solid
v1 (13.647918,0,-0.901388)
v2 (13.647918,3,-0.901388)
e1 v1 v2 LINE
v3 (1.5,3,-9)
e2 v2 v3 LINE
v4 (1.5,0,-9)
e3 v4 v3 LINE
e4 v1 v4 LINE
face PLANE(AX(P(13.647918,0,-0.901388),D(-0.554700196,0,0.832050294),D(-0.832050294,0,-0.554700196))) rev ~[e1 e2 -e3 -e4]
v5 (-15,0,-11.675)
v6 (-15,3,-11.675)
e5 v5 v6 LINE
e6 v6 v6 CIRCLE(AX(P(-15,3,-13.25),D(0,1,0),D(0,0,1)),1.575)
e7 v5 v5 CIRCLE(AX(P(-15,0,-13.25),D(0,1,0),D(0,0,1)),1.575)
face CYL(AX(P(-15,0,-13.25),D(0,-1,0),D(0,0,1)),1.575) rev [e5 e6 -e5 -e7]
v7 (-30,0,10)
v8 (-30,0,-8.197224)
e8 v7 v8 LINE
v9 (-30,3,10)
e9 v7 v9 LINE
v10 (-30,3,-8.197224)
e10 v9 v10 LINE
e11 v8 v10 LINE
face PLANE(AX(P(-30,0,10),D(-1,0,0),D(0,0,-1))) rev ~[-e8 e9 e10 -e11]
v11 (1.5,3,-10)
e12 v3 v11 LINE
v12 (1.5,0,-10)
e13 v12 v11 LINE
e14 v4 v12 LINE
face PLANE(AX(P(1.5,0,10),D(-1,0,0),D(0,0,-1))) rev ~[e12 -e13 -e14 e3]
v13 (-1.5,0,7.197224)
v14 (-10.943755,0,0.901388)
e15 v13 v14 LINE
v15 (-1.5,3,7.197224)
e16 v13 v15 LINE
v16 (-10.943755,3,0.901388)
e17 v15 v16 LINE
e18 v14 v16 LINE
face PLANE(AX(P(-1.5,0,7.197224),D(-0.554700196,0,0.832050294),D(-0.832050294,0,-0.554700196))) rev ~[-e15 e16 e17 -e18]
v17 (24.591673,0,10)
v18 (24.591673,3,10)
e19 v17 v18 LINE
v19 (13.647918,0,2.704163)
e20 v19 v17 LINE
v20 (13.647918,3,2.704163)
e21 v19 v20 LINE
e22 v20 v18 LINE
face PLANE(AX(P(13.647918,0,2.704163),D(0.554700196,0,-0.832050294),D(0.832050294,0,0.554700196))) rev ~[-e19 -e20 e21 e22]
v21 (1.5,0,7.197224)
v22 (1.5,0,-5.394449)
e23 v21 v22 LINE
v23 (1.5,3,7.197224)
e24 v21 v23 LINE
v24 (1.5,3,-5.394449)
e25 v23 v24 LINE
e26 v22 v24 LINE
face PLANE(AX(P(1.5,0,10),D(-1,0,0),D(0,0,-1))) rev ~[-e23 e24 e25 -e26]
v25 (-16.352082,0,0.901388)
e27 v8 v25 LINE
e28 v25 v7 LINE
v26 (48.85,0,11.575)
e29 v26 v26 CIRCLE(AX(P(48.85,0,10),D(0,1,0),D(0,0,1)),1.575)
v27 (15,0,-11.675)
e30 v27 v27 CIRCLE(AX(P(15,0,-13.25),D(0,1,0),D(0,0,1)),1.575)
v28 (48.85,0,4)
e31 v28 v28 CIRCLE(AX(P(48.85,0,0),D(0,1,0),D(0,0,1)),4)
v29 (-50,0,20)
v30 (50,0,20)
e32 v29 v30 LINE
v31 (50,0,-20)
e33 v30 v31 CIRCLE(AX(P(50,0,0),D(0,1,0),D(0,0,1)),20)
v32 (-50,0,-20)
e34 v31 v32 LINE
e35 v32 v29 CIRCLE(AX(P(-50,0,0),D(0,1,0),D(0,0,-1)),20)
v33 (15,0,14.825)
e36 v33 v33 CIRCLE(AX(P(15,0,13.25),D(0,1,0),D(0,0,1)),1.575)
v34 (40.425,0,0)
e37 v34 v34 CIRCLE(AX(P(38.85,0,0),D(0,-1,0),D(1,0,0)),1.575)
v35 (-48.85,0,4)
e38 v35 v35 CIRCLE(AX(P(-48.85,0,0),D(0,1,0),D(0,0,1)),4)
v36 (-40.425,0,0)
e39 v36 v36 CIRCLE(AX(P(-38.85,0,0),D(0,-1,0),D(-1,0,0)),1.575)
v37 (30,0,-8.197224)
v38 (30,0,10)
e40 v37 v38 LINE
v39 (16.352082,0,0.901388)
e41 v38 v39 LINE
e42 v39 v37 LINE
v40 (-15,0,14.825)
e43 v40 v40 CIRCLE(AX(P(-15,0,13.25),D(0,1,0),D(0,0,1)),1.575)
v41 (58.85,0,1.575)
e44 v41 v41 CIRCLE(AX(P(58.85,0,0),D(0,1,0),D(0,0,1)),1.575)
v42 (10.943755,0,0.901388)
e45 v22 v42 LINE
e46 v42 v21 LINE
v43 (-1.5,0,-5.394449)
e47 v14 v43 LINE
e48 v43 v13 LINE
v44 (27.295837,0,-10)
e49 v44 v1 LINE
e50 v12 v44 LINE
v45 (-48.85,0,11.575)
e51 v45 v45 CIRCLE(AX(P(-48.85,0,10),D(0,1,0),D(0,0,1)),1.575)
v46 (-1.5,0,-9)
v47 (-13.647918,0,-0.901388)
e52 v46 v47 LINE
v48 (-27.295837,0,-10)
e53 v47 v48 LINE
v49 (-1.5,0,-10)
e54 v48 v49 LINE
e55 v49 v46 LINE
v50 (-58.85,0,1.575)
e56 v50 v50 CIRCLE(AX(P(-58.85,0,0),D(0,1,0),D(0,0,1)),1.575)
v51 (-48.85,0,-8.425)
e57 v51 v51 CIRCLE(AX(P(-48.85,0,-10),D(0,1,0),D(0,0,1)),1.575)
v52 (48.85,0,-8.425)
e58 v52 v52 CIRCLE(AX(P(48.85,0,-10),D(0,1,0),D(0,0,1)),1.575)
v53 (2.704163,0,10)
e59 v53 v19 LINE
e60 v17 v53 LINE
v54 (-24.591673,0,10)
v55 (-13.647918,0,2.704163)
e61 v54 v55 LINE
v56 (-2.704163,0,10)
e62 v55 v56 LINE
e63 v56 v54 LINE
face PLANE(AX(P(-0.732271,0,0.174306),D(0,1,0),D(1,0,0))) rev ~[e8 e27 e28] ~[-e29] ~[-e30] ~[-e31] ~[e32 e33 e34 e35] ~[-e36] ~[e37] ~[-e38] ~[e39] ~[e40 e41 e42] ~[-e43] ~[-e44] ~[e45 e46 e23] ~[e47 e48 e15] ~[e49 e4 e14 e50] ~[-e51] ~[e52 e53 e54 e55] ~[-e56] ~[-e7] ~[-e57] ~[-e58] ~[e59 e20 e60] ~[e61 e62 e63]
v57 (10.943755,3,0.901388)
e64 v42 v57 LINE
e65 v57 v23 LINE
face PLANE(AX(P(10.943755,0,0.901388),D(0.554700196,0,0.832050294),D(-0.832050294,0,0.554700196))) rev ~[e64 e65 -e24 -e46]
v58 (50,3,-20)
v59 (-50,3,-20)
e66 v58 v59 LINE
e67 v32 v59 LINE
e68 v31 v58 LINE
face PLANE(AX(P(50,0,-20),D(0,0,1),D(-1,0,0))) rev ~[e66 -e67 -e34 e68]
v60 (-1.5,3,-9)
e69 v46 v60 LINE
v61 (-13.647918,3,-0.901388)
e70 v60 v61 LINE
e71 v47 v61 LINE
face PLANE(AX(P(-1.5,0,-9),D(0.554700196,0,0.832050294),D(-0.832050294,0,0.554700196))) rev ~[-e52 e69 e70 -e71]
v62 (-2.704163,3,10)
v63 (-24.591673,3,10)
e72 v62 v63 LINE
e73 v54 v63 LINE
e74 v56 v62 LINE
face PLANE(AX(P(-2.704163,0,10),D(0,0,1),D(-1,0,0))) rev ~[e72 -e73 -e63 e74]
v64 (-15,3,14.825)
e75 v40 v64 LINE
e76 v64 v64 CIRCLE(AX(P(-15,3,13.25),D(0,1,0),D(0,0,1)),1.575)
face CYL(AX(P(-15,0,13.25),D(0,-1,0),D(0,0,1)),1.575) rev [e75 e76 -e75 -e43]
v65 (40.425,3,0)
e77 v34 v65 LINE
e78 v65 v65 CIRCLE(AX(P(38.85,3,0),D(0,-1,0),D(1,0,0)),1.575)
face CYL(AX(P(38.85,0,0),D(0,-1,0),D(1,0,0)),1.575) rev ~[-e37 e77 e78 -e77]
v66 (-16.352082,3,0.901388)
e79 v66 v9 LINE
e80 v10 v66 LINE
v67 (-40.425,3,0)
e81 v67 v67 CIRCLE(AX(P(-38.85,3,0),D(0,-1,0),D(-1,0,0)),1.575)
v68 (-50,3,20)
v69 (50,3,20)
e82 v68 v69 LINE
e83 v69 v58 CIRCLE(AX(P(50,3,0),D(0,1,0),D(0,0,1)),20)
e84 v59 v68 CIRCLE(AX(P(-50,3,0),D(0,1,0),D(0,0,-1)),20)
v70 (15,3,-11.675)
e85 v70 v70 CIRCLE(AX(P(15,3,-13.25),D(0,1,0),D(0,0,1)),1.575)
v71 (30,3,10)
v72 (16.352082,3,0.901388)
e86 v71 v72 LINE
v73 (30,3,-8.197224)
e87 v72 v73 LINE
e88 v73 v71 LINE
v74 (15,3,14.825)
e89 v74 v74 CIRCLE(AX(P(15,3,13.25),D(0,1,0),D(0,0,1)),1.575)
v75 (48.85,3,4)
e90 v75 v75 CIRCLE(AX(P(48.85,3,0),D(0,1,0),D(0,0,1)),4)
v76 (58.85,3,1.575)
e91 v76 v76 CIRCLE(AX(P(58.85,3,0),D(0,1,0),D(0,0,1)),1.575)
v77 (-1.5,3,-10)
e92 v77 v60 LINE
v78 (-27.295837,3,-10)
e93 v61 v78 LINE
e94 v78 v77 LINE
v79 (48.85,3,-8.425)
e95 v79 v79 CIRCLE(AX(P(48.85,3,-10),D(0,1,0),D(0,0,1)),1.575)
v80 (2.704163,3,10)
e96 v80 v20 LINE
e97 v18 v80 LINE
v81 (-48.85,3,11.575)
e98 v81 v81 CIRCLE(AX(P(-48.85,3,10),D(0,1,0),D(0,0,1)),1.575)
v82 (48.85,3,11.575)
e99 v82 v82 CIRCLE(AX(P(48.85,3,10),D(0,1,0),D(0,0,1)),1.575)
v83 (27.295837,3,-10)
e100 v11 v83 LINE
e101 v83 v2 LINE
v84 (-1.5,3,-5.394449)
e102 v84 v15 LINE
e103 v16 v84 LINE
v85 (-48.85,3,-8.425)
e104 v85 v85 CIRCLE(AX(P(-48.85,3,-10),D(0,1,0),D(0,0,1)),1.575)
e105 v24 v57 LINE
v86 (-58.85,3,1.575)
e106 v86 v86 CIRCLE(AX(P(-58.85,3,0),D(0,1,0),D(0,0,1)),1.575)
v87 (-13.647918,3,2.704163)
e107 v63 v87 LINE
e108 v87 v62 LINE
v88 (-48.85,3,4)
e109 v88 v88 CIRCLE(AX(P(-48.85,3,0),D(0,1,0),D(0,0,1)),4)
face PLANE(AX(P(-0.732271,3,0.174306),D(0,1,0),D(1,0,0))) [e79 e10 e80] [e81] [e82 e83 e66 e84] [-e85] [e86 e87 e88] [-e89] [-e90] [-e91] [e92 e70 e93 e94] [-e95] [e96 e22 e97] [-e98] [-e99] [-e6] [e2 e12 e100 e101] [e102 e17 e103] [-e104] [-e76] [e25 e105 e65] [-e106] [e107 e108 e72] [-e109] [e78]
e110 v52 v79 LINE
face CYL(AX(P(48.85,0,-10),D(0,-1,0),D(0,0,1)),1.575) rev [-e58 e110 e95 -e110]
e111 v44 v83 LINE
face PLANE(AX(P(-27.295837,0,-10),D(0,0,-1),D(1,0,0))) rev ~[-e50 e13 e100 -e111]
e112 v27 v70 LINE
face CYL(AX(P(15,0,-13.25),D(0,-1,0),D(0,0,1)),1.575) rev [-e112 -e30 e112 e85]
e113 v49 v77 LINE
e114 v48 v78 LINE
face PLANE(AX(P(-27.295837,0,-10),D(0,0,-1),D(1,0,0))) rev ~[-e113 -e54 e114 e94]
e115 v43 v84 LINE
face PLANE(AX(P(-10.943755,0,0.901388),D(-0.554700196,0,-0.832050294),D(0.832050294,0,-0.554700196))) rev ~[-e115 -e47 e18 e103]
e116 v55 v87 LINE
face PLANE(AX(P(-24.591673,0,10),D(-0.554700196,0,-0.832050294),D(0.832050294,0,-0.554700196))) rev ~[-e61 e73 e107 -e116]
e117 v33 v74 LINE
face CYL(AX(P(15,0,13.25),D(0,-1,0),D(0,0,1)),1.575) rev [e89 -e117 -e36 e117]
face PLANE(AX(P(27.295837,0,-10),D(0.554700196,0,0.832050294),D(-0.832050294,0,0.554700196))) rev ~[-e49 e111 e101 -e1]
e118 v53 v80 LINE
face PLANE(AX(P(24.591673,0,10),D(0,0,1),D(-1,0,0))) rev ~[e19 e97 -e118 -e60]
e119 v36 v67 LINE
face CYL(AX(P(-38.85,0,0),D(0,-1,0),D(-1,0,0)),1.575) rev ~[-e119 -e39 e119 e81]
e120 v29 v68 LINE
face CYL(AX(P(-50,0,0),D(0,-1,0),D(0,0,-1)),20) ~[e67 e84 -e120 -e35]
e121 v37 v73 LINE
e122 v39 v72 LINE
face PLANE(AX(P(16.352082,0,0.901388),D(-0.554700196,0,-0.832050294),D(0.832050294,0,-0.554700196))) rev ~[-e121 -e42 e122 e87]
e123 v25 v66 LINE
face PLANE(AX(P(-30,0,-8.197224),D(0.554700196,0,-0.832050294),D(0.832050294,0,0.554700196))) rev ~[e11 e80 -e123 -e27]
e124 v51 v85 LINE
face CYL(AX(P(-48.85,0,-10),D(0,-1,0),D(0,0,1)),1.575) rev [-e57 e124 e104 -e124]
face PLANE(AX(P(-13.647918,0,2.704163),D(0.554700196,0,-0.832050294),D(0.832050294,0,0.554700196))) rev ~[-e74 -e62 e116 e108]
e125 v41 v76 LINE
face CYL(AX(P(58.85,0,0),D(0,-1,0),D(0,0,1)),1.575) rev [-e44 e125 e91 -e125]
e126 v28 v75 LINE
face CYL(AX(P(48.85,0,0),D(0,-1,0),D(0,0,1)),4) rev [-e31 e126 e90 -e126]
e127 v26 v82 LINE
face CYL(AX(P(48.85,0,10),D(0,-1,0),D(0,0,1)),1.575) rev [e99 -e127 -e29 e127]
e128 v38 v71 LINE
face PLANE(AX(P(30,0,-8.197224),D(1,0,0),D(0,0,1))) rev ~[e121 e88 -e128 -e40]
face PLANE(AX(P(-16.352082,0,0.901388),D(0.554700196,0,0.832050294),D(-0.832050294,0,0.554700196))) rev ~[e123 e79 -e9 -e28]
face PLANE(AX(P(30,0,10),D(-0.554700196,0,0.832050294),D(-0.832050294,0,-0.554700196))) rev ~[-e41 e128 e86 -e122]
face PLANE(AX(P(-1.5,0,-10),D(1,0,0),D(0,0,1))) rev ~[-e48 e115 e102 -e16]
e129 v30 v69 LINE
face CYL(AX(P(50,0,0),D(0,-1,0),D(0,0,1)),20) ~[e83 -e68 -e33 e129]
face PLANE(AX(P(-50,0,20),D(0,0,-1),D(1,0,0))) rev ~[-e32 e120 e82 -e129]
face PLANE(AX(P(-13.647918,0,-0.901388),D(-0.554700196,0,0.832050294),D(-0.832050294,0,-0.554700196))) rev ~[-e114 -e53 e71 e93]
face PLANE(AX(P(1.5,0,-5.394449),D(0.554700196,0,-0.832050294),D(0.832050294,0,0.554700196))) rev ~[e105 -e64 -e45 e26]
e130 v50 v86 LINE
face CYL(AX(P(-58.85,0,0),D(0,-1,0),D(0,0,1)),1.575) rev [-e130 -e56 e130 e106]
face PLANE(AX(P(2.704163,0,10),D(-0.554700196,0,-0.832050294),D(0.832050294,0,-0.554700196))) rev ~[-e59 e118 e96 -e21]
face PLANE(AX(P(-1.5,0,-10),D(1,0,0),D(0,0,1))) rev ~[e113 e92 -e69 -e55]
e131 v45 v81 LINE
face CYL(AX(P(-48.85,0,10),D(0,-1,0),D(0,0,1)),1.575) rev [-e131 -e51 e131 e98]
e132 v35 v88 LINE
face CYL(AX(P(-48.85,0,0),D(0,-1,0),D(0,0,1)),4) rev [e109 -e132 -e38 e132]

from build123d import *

# Parameters (mm, degrees)
SKETCH1_R           = 1.575
SKETCH1_R_2         = 4
BOSS_EXTRUDE1_DEPTH = 3
BOSS_EXTRUDE2_DEPTH = 3


with BuildPart() as part:
    # Sketch1 → Boss-Extrude1 (new body)
    with BuildSketch(Plane(origin=(0, 0, 0), x_dir=(1, 0, 0), z_dir=(0, 1, 0))):
        with BuildLine():
            Line((-15, 20), (-50, 20))
            ThreePointArc((-50, 20), (-70, 0), (-50, -20))
            Line((-50, -20), (50, -20))
            ThreePointArc((50, -20), (70, 0), (50, 20))
            Line((50, 20), (-15, 20))
        make_face()
        with Locations(Location((-48.85, -10, 0), (0, 0, 270))):
            Circle(SKETCH1_R, mode=Mode.SUBTRACT)
        with Locations(Location((-15, -13.25, 0), (0, 0, 270))):
            Circle(SKETCH1_R, mode=Mode.SUBTRACT)
        with BuildLine():
            ThreePointArc((-37.275, 0), (-38.85, -1.575), (-40.425, 0))
            ThreePointArc((-40.425, 0), (-38.85, 1.575), (-37.275, 0))
        make_face(mode=Mode.SUBTRACT)
        Polygon((-2.704163457, -10), (-24.591673087, -10), (-13.647918272, -2.704163457), align=None, mode=Mode.SUBTRACT)
        Polygon((-30, -10), (-30, 8.197224362), (-16.352081728, -0.901387819), align=None, mode=Mode.SUBTRACT)
        Polygon((-27.295836543, 10), (27.295836543, 10), (13.647918272, 0.901387819), (1.5, 9), (1.5, 5.394448725), (10.943754815, -0.901387819), (1.5, -7.197224362), (1.5, -10), (-1.5, -10), (-1.5, -7.197224362), (-10.943754815, -0.901387819), (-1.5, 5.394448725), (-1.5, 9), (-13.647918272, 0.901387819), align=None, mode=Mode.SUBTRACT)
        with Locations(Location((15, -13.25, 0), (0, 0, 270))):
            Circle(SKETCH1_R, mode=Mode.SUBTRACT)
        with Locations(Location((48.85, -10, 0), (0, 0, 270))):
            Circle(SKETCH1_R, mode=Mode.SUBTRACT)
        Polygon((24.591673087, -10), (2.704163457, -10), (13.647918272, -2.704163457), align=None, mode=Mode.SUBTRACT)
        Polygon((30, 8.197224362), (30, -10), (16.352081728, -0.901387819), align=None, mode=Mode.SUBTRACT)
        with Locations(Location((58.85, 0, 0), (0, 0, 270))):
            Circle(SKETCH1_R, mode=Mode.SUBTRACT)
        with Locations(Location((-58.85, 0, 0), (0, 0, 270))):
            Circle(SKETCH1_R, mode=Mode.SUBTRACT)
        with Locations(Location((-48.85, 0, 0), (0, 0, 270))):
            Circle(SKETCH1_R_2, mode=Mode.SUBTRACT)
        with Locations(Location((-48.85, 10, 0), (0, 0, 270))):
            Circle(SKETCH1_R, mode=Mode.SUBTRACT)
        with Locations(Location((-15, 13.25, 0), (0, 0, 270))):
            Circle(SKETCH1_R, mode=Mode.SUBTRACT)
        with BuildLine():
            ThreePointArc((37.275, 0), (38.85, 1.575), (40.425, 0))
            ThreePointArc((40.425, 0), (38.85, -1.575), (37.275, 0))
        make_face(mode=Mode.SUBTRACT)
        with Locations(Location((48.85, 0, 0), (0, 0, 270))):
            Circle(SKETCH1_R_2, mode=Mode.SUBTRACT)
        with Locations(Location((15, 13.25, 0), (0, 0, 270))):
            Circle(SKETCH1_R, mode=Mode.SUBTRACT)
        with Locations(Location((48.85, 10, 0), (0, 0, 270))):
            Circle(SKETCH1_R, mode=Mode.SUBTRACT)
    extrude(amount=BOSS_EXTRUDE1_DEPTH)

    # Sketch1<3> → Boss-Extrude2 (add)
    with BuildSketch(Plane(origin=(0, 0, 0), x_dir=(1, 0, 0), z_dir=(0, 1, 0))):
        Polygon((-1.5, -10), (0, -10), (0, 10), (-1.5, 9), (-1.5, 5.394448725), (-1.5, -7.197224362), align=None)
        Polygon((0, 10), (0, -10), (1.5, -10), (1.5, -7.197224362), (1.5, 5.394448725), (1.5, 9), align=None)
        Polygon((1.5, 10), (0, 10), (1.5, 9), align=None)
        Polygon((-1.5, 9), (0, 10), (-1.5, 10), align=None)
    extrude(amount=BOSS_EXTRUDE2_DEPTH)


solid = part.part
